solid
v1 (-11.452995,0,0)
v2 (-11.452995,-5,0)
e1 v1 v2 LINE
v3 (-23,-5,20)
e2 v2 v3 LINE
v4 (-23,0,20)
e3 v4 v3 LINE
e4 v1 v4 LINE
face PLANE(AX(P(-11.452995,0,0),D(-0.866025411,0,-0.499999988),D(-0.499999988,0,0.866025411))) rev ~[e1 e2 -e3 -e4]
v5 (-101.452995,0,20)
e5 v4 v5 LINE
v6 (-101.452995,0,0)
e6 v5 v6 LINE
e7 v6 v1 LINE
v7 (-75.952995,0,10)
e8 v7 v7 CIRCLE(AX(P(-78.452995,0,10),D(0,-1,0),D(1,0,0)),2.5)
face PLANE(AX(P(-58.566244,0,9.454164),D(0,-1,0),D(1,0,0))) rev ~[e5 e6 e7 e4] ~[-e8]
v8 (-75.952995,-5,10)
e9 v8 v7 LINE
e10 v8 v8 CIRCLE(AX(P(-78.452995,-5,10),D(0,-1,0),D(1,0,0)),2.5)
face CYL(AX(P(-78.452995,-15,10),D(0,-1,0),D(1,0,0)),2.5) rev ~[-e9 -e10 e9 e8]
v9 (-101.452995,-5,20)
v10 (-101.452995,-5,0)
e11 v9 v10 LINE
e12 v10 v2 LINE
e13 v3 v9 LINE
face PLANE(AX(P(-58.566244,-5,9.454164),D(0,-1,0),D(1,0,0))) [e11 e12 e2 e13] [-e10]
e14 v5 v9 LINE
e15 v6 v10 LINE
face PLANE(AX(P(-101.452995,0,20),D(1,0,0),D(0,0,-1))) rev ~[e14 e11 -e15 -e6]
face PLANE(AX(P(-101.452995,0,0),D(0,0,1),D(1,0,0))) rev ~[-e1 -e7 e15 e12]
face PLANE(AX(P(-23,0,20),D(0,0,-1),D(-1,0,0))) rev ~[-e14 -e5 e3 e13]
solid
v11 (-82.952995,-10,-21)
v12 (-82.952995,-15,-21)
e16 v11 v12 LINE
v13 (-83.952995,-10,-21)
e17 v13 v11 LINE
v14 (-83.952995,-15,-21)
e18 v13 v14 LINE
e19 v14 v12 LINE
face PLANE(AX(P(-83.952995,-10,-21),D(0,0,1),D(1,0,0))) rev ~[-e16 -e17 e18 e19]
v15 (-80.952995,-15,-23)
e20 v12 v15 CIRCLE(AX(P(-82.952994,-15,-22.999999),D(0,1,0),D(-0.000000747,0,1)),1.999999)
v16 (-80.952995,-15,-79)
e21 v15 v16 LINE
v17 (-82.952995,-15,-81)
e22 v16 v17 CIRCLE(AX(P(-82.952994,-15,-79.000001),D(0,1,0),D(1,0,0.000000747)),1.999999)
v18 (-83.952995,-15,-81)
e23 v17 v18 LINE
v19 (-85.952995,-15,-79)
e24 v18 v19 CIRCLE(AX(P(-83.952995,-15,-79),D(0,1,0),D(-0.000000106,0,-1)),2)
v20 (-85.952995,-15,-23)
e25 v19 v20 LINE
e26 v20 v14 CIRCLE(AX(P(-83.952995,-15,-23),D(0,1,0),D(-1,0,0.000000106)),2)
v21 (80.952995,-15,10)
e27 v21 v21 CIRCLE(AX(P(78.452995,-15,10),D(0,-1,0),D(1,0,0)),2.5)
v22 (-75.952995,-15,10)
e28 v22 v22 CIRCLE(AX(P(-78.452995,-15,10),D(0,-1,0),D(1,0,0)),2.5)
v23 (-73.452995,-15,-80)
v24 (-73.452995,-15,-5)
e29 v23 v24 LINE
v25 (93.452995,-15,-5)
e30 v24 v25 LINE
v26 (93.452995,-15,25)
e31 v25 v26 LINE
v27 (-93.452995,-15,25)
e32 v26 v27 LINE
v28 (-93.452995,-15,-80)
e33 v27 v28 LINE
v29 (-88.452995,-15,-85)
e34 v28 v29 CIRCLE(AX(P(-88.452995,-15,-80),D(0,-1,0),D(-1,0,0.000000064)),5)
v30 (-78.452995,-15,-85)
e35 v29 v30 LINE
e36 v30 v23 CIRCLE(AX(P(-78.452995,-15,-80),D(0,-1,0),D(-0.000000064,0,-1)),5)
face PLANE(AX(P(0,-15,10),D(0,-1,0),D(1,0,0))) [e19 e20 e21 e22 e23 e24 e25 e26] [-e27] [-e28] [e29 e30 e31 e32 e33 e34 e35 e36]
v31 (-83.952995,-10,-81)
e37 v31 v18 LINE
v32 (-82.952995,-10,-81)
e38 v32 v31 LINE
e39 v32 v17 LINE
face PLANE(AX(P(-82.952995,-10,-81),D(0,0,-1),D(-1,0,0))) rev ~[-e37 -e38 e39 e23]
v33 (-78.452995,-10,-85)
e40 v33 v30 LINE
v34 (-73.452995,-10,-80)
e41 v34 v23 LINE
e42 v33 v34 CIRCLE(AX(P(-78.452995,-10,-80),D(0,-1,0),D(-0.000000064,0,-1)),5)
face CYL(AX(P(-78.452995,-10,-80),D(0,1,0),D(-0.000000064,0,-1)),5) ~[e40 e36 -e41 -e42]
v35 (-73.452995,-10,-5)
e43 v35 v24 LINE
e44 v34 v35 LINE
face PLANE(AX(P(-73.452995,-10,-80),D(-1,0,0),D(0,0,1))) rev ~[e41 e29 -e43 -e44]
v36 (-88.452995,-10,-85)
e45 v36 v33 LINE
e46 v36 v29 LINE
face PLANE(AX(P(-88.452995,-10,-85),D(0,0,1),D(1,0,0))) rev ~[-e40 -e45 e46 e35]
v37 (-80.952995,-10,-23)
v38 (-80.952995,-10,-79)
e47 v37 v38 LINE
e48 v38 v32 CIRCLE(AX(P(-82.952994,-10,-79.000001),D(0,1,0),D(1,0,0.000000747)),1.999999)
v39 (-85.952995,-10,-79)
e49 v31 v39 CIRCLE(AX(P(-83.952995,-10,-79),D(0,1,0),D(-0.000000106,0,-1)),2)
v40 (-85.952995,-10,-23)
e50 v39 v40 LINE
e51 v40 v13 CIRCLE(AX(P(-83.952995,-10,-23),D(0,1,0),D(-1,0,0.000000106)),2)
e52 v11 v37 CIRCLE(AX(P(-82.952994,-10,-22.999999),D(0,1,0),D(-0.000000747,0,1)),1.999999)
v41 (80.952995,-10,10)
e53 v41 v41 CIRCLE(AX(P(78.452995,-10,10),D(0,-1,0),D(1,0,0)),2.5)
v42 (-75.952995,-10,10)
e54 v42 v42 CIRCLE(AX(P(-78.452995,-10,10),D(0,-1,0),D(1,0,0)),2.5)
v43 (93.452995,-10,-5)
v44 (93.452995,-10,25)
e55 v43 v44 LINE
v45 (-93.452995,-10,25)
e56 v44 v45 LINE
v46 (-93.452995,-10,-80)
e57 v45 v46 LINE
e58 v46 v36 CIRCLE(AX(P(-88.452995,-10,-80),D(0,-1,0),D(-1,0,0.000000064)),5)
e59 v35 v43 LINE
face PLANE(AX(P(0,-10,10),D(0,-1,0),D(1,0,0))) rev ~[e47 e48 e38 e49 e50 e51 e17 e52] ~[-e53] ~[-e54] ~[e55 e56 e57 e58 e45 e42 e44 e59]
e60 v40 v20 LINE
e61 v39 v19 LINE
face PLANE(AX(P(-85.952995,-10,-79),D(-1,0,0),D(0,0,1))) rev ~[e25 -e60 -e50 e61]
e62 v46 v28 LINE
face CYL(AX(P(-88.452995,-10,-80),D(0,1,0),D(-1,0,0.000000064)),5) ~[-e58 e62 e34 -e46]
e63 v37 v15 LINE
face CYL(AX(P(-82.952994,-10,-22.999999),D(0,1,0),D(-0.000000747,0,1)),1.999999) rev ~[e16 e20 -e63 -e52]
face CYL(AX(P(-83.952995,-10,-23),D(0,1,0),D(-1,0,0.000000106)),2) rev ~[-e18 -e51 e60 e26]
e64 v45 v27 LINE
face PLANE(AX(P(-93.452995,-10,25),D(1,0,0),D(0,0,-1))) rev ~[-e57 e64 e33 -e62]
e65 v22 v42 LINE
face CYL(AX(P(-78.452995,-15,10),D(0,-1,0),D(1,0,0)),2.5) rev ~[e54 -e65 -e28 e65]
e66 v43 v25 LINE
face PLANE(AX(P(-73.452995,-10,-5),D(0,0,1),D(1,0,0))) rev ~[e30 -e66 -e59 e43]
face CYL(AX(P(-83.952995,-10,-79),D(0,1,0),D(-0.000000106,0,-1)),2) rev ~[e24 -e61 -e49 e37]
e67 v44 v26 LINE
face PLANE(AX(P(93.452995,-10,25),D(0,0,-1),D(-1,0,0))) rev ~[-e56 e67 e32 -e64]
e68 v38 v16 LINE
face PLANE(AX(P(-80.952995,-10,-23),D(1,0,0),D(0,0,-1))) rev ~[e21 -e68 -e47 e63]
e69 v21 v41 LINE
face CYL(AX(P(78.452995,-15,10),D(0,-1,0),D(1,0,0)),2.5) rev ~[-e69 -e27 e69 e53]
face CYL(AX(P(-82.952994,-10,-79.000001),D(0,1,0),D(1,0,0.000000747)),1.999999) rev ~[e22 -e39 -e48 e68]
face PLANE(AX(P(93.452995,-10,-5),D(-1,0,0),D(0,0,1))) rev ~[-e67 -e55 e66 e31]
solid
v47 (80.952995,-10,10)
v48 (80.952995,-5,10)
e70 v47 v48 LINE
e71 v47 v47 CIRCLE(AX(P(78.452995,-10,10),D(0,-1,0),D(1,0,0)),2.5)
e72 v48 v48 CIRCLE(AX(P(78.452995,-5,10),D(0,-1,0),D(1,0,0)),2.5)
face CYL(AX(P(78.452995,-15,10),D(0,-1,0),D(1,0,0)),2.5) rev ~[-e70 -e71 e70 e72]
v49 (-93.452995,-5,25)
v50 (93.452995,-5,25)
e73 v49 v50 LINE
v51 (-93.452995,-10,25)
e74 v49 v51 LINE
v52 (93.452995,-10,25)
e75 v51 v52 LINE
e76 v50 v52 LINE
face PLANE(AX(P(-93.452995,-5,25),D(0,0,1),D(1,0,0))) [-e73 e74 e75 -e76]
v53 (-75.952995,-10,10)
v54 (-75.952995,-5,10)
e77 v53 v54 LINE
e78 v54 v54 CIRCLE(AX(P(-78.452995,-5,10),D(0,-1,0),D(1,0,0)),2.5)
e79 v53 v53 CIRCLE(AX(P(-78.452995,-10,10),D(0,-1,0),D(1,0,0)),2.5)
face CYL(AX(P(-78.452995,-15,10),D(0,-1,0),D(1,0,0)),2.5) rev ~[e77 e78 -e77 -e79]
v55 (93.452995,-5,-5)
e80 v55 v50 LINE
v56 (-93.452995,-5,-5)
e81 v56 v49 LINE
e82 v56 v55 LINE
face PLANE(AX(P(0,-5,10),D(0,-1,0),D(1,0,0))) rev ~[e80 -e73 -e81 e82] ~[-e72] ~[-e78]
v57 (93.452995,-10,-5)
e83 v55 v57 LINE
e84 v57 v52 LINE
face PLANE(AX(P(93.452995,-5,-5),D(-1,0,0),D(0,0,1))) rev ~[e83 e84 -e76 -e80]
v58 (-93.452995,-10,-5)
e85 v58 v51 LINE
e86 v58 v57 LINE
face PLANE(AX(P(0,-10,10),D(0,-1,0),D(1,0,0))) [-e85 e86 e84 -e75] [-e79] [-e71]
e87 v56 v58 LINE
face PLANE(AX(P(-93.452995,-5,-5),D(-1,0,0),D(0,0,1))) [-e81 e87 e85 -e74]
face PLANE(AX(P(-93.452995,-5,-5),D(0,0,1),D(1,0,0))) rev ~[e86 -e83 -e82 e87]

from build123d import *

# Parameters (mm, degrees)
F1_DEPTH = 5
F2_W     = 186.90599
F2_H     = 30
F3_DEPTH = 5
F5_DEPTH = 5
F6_R     = 2.5
F7_DEPTH = 15.001


with BuildPart() as f1:
    # F0 (on Front) → F1 (new body)
    with BuildSketch(Plane.XZ):
        Polygon((-101.452995, 20), (-101.452995, 0), (-11.452995, 0), (-23, 20), align=None)
    extrude(amount=F1_DEPTH)


with BuildPart() as f3:
    # F2 (on face) → F3 (new body)
    with BuildSketch(Plane.XZ.offset(5)):
        with Locations((0, 10)):
            Rectangle(F2_W, F2_H)
    extrude(amount=F3_DEPTH)


with BuildPart() as f5:
    # F4 (on face) → F5 (new body)
    with BuildSketch(Plane.XZ.offset(10)):
        Polygon((93.452995, 25), (-93.452995, 25), (-93.452995, -5), (-73.452995, -5), (93.452995, -5), align=None)
        with BuildLine():
            Line((-73.452995, -5), (-93.452995, -5))
            Line((-93.452995, -5), (-93.452995, -80))
            ThreePointArc((-93.452995, -80), (-91.988529, -83.535534), (-88.452995, -85))
            Line((-88.452995, -85), (-78.452995, -85))
            ThreePointArc((-78.452995, -85), (-74.917461, -83.535534), (-73.452995, -80))
            Line((-73.452995, -80), (-73.452995, -5))
        make_face()
        with BuildLine():
            Line((-83.952995, -21), (-82.952995, -21))
            ThreePointArc((-82.952995, -21), (-81.538781, -21.585786), (-80.952995, -23))
            Line((-80.952995, -23), (-80.952995, -79))
            ThreePointArc((-80.952995, -79), (-81.538781, -80.414214), (-82.952995, -81))
            Line((-82.952995, -81), (-83.952995, -81))
            ThreePointArc((-83.952995, -81), (-85.367208, -80.414214), (-85.952995, -79))
            Line((-85.952995, -79), (-85.952995, -23))
            ThreePointArc((-85.952995, -23), (-85.367208, -21.585786), (-83.952995, -21))
        make_face(mode=Mode.SUBTRACT)
    extrude(amount=F5_DEPTH)


with BuildPart() as f7_tool:
    # F6 (on face) → F7 (new body, through all)
    with BuildSketch(Plane.XZ.offset(15)):
        with Locations((-78.452995, 10)):
            Circle(F6_R)
        with Locations((78.452995, 10)):
            Circle(F6_R)
    extrude(amount=-F7_DEPTH)


with BuildPart() as f1_1:
    add(f1.part)

    # F7: cut by f7_tool
    add(f7_tool.part, mode=Mode.SUBTRACT)


with BuildPart() as f3_1:
    add(f3.part)

    # F7: cut by f7_tool
    add(f7_tool.part, mode=Mode.SUBTRACT)


with BuildPart() as f5_1:
    add(f5.part)

    # F7: cut by f7_tool
    add(f7_tool.part, mode=Mode.SUBTRACT)


solid = Compound([f1_1.part, f3_1.part, f5_1.part])
